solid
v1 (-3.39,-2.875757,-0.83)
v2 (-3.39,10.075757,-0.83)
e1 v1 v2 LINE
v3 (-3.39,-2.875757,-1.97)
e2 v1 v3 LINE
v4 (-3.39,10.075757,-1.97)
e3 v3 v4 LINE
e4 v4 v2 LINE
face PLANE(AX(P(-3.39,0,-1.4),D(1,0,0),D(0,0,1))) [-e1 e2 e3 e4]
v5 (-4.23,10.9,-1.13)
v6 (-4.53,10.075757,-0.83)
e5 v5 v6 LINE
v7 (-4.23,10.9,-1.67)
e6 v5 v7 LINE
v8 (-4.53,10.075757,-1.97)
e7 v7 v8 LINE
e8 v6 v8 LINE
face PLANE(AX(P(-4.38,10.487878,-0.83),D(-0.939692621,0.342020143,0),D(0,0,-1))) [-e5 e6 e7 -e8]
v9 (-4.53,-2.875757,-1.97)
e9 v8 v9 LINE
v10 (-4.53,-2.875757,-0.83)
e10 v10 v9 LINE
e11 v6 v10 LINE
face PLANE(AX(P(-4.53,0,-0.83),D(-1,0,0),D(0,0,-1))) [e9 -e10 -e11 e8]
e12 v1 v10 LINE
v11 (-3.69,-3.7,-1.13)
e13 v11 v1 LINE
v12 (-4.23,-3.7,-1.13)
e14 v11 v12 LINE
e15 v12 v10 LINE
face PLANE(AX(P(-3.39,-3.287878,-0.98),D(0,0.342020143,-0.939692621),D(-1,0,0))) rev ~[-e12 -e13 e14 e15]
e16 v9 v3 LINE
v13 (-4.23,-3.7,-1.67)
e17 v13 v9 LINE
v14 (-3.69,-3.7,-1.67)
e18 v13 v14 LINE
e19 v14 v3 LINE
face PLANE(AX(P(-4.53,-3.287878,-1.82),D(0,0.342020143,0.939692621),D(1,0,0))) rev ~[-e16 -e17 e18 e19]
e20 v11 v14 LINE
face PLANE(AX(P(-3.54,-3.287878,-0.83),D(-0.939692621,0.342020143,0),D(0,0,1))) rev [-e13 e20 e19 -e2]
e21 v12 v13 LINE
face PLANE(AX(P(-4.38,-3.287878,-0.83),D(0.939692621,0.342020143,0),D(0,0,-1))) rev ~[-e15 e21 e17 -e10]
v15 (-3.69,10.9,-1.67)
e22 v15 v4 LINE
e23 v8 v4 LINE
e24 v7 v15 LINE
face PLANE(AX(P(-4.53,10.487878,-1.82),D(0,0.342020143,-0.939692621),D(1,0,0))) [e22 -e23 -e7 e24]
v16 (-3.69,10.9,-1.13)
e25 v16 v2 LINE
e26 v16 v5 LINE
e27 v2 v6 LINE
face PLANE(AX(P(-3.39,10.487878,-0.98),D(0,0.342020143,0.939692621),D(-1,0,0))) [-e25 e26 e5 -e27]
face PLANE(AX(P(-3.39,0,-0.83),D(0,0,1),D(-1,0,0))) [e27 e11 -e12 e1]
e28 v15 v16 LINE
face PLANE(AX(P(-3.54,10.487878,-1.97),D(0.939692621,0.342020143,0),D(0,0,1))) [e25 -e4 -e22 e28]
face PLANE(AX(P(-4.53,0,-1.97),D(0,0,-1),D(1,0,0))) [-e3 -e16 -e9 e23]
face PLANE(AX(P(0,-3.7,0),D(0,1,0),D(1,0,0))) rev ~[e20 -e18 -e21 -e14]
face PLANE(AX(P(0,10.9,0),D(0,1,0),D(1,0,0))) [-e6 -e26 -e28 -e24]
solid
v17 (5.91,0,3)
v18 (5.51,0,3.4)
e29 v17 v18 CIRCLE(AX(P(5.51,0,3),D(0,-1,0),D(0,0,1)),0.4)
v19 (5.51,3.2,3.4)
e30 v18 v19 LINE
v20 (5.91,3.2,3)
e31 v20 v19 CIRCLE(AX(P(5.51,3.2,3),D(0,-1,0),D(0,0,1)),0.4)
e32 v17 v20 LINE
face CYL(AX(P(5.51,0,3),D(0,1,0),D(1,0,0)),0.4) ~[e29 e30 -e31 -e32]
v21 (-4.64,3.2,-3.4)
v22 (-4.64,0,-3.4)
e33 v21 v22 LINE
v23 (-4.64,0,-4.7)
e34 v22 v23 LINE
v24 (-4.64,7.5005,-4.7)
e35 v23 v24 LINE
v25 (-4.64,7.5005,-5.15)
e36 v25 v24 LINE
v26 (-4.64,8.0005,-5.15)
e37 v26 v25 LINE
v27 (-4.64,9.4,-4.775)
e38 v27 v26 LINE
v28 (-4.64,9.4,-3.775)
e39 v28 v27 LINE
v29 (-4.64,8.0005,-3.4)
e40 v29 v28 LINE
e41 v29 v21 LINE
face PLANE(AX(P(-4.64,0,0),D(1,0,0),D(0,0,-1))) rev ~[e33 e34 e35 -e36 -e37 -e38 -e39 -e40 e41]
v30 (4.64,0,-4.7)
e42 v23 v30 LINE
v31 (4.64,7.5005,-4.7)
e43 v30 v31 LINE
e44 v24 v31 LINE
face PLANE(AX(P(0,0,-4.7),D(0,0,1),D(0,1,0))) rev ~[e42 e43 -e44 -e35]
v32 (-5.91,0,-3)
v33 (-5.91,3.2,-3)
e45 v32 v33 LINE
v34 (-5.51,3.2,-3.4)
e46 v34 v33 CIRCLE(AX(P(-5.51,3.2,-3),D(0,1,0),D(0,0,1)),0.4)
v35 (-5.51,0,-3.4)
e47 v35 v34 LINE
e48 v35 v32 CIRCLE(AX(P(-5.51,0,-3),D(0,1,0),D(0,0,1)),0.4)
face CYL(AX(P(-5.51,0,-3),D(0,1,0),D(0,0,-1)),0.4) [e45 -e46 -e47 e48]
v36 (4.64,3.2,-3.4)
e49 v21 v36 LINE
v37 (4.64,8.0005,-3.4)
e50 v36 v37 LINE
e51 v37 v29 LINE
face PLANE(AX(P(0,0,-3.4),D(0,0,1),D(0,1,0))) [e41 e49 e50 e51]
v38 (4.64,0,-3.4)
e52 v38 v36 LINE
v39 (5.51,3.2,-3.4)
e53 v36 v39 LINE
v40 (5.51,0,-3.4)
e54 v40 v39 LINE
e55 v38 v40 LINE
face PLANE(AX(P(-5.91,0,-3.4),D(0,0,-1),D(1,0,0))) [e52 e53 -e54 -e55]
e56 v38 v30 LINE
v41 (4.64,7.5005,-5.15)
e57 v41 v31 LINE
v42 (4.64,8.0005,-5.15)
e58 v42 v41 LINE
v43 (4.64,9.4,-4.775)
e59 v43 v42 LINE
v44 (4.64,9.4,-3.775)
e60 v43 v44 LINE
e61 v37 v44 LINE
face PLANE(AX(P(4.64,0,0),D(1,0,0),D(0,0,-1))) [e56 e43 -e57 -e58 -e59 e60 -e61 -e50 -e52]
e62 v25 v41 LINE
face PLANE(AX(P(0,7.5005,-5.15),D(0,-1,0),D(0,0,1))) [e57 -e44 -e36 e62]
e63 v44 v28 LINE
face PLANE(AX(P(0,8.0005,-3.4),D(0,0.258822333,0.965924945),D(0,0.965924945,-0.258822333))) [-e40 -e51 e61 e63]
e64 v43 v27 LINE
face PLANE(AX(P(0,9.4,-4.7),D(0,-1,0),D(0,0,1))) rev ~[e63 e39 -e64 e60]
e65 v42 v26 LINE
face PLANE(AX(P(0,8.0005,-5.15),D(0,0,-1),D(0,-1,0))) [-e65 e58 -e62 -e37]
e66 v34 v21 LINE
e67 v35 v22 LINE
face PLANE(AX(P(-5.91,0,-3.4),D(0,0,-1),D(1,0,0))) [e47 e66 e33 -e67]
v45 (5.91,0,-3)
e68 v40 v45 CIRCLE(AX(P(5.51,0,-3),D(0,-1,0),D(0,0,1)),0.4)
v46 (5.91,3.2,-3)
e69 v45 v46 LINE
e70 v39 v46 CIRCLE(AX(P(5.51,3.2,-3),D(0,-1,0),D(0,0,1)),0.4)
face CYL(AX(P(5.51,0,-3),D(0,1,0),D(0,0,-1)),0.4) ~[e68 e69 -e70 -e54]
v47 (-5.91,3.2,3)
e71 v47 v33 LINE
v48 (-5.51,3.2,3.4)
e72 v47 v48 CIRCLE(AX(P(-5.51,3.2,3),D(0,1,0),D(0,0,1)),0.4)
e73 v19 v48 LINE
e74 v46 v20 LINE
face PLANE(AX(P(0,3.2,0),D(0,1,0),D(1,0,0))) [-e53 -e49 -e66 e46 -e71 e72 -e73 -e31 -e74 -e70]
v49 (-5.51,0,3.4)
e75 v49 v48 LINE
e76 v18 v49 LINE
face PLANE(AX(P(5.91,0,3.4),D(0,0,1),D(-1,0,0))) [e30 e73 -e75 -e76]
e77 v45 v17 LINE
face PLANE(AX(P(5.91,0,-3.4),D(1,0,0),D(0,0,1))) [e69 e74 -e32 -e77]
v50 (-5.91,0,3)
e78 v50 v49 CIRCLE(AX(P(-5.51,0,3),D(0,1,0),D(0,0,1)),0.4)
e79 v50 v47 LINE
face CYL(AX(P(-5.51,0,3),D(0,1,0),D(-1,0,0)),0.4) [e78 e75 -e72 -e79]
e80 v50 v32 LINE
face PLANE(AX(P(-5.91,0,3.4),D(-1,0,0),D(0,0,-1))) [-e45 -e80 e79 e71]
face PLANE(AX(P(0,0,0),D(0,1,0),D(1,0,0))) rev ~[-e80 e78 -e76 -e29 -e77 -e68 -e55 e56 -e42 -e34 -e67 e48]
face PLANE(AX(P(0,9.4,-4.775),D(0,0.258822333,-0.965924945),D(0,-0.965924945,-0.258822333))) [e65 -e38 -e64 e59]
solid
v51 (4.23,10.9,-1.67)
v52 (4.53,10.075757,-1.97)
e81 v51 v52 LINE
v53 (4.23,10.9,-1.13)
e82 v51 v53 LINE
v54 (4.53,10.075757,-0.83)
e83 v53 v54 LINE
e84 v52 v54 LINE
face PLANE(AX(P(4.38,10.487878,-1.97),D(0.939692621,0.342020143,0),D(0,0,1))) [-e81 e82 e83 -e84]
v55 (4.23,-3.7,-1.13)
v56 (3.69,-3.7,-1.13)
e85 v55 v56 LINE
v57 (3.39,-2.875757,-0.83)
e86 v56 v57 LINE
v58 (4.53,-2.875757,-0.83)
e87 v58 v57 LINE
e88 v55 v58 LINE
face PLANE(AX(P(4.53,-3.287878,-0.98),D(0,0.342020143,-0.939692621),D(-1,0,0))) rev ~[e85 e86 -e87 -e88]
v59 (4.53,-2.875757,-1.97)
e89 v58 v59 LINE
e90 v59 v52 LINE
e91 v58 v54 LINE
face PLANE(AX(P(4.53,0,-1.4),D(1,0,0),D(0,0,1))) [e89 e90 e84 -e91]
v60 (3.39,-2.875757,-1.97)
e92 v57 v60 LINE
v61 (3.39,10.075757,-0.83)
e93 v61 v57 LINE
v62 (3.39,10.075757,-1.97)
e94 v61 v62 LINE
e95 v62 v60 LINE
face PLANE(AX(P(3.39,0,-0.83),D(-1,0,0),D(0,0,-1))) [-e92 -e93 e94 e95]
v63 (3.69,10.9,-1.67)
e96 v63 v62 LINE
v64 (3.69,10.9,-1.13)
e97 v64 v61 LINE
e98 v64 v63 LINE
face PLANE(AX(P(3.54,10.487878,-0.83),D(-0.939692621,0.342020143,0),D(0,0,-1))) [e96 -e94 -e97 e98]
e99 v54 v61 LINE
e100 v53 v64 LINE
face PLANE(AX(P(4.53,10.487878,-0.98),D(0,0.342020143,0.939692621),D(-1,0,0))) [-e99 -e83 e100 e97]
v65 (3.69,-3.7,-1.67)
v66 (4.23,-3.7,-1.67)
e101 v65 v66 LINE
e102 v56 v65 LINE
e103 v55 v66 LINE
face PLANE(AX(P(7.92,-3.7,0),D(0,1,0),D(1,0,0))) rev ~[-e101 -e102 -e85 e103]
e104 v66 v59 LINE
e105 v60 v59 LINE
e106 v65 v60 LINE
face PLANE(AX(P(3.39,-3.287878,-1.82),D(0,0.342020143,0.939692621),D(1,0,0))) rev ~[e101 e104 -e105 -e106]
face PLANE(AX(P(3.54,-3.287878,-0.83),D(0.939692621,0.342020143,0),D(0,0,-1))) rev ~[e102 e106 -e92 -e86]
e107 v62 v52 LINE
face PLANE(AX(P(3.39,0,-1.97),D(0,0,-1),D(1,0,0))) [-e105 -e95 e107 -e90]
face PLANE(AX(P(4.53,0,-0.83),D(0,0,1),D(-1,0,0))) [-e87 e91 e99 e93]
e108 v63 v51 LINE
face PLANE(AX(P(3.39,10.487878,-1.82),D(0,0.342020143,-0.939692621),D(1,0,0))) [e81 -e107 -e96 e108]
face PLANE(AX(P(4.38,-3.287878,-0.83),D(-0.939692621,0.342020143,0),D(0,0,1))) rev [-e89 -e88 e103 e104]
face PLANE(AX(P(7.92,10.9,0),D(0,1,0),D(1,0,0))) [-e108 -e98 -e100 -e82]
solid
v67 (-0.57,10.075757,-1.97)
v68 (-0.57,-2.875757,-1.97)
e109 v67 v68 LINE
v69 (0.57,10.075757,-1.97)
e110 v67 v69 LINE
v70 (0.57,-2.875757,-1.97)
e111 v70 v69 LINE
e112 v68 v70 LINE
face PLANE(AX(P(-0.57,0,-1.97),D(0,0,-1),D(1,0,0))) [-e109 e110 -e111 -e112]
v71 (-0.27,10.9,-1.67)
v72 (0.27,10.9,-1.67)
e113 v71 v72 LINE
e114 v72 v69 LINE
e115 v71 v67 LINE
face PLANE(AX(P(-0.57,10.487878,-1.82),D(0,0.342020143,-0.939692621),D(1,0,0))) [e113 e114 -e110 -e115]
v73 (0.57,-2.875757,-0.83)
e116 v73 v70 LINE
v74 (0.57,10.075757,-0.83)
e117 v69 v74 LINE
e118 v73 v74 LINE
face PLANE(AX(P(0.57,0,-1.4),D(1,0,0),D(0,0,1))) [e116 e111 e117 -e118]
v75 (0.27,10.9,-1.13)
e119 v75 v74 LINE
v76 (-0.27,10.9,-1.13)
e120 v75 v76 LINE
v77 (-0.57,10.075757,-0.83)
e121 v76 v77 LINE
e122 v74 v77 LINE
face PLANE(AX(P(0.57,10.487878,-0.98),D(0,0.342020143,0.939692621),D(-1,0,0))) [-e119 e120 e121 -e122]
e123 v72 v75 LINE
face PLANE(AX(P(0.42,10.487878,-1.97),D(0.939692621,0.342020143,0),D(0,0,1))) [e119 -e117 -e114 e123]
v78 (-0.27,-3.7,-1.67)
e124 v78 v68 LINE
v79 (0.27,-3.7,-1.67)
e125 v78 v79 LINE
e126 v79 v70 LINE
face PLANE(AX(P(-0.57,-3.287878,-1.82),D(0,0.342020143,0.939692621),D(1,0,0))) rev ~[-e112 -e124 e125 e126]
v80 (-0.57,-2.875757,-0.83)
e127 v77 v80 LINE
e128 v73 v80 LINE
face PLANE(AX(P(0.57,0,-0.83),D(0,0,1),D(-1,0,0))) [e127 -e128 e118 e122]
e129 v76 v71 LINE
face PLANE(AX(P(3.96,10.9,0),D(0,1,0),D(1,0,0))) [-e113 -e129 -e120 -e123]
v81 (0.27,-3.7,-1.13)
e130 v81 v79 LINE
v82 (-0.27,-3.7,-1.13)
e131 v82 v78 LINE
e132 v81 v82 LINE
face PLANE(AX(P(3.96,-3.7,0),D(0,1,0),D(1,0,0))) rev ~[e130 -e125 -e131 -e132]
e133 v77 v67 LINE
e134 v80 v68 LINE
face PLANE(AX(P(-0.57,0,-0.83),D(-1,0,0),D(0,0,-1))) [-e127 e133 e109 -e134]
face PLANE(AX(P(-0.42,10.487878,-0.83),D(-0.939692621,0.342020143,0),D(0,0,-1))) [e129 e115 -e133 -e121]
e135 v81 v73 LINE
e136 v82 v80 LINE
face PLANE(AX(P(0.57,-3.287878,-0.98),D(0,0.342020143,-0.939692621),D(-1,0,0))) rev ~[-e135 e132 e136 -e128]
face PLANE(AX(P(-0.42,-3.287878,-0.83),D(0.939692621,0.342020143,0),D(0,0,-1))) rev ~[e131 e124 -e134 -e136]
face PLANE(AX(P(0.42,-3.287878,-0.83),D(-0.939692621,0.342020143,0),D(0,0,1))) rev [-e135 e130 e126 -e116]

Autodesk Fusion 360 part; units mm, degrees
sketch "Skizze1" plane through (0, 0, 0) normal (0, 1, 0) x (1, 0, 0)
  line L0 (-5.91, 3.4) -> (5.91, 3.4)
  line L1 (5.91, 3.4) -> (5.91, -3.4)
  line L2 (5.91, -3.4) -> (-5.91, -3.4)
  line L3 (-5.91, -3.4) -> (-5.91, 3.4)
  line L4 (0, 3.4) -> (0, -3.4) construction
  dimension "d9" = 11.82
  dimension "d10" = 6.8
extrude "Extrusion1" add sketch "Skizze1" along normal blind 3.2 makes body 1
sketch "Skizze3" plane through (0, 0, 0) normal (1, 0, 0) x (0, 0, -1)
  line L0 (3.4, 0) -> (3.4, 3.2)
  line L1 (3.4, 0) -> (4.7, 0)
  line L2 (4.7, 0) -> (4.7, 9.4)
  line L3 (4.7, 9.4) -> (3.4, 9.4) construction
  line L4 (3.4, 9.4) -> (3.4, 0)
  line L5 (4.7, 9.4) -> (5.15, 9.4)
  line L6 (5.15, 9.4) -> (5.15, 0)
  line L7 (5.15, 0) -> (4.7, 0)
  line L8 (4.7, 0) -> (4.7, 9.4) construction
  line L9 (3.4, 8.0005) -> (3.775, 9.4)
  line L10 (4.775, 9.4) -> (5.15, 8.0005)
  line L11 (5.15, 7.5005) -> (4.7, 7.5005)
  line L12 (4.775, 9.4) -> (3.775, 9.4)
  line L13 (3.775, 9.4) -> (4.775, 9.4) construction
  line L14 (4.775, 9.4) -> (5.15, 9.4) construction
  line L15 (3.775, 9.4) -> (3.4, 9.4) construction
  line L16 (5.15, 9.4) -> (4.775, 9.4) construction
  line L17 (5.15, 8.0005) -> (5.15, 7.5005) construction
  line L18 (5.15, 7.5005) -> (5.15, 8.0005) construction
  line L19 (5.15, 9.4) -> (3.4, 9.4)
  line L20 (5.15, 0) -> (3.4, 0)
  dimension "d31" = 9.4
  dimension "d33" = 1.3
  dimension "d35" = 90
  dimension "d36" = 75
  dimension "d37" = 75
  dimension "d39" = 1
  dimension "d42" = 0.5
  dimension "d48" = 1.75
sketch "Skizze2" plane through (0, 0, 0) normal (0, 1, 0) x (1, 0, 0)
  line L0 (-3.39, 0.83) -> (-4.53, 0.83)
  line L1 (-4.53, 0.83) -> (-4.53, 1.97)
  line L2 (-4.53, 1.97) -> (-3.39, 1.97)
  line L3 (-3.39, 1.97) -> (-3.39, 0.83)
  line L4 (-5.91, 3.4) -> (5.91, 3.4)
  line L5 (5.91, 3.4) -> (5.91, -3.4)
  line L6 (5.91, -3.4) -> (-5.91, -3.4)
  line L7 (-5.91, -3.4) -> (-5.91, 3.4)
  line L8 (0, 3.4) -> (0, 1.4) construction
  line L9 (-3.39, 1.4) -> (-4.53, 1.4) construction
  line L10 (0, 1.4) -> (-3.96, 1.4)
  point P0 (-3.96, 1.4)
  dimension "d16" = 1.14
  dimension "d17" = 1.14
  dimension "d24" = 2
  dimension "d26" = 3.96
extrude "Extrusion3" add sketch "Skizze3" along normal mid plane 9.28 contours L0 L1 L2 L4 L9 L12 L19 L20 | L2 L5 L6 L10 L11 L12 L19 bodies 1
extrude "Extrusion2" add sketch "Skizze2" along normal blind 10.9 and the other way blind 3.7 separate body contours L0 L1 L2 L3 makes body 2
chamfer "Fase2" distance 0.3 angle 70 8 edges at (-3.96, 10.9, -0.83) (-3.39, 10.9, -1.4) (-3.96, 10.9, -1.97) (-4.53, 10.9, -1.4) (-3.39, -3.7, -1.4) (-3.96, -3.7, -0.83) (-4.53, -3.7, -1.4) (-3.96, -3.7, -1.97) measured on face at (-3.77, 10.9, -1.21) measured on face at (-3.77, 10.9, -1.21) measured on face at (-3.77, 10.9, -1.21) measured on face at (-3.77, 10.9, -1.21) measured on face at (-3.77, -3.7, -1.21) measured on face at (-3.77, -3.7, -1.21) measured on face at (-3.77, -3.7, -1.21) measured on face at (-3.77, -3.7, -1.21) on bodies 2
pattern_linear "R-Anordnung1" count 3 spacing 3.96 along (1, 0, 0) of bodies 2 makes body 3 at (0.57, 1.4414, -1.59) makes body 4 at (4.53, 1.4414, -1.59)
fillet "Abrundung1" radius 0.4 4 edges at (5.91, 1.6, -3.4) (5.91, 1.6, 3.4) (-5.91, 1.6, 3.4) (-5.91, 1.6, -3.4) on bodies 1
equation "n = 3" comment "Number of pins"
equation "P = 3.96 mm" comment "Pin pitch"
equation "B1 = A1 + ( 1.95 mm * 2 )" comment "Width of bottom plate"
equation "A1 = ( n - 1 ) * P" comment "Total width of all pins"
equation "C1 = 6.8 mm" comment "Height of bottom plate"
equation "H1 = 9.4 mm" comment "Height of latching plate"
equation "O1 = 2 mm" comment "Vertical offset pin-center to bottom plate border"
equation "d9 = B1"
equation "d10 = C1"
equation "D1 = 3.2 mm" comment "Total depth of bottom plate"
equation "Pw = 1.14 mm" comment "Width & height of square pin"
equation "d13 = D1"
equation "d16 = Pw"
equation "d17 = Pw"
equation "LPinTop = 7.7 mm + D1" comment "Length of the pin measured from the bottom plane to the top of the pin (away from PCB)"
equation "LPinBottom = 14.6 mm - LPinTop" comment "Length of the pin in bottom direction, measured from the bottom plane"
equation "d20 = LPinTop"
equation "d22 = LPinBottom"
equation "d24 = O1"
equation "Pin1XOffset = ( ( n - 1 ) * P ) / 2" comment "First pin X offset measured from the X axis"
equation "d26 = Pin1XOffset"
equation "d27 = n"
equation "d29 = P"
equation "d31 = H1"
equation "D2 = 1.3 mm" comment "(Measured) depth of latching plate (narrowest section)"
equation "d33 = D2"
equation "d35 = alpha"
equation "d36 = 90 deg - beta"
equation "d37 = 90 deg - beta"
equation "Wx1 = 1.0 mm" comment "(Measured) Width of the topmost part of the latching plate"
equation "Hx1 = 0.5 mm" comment "(Measured) Height of the latching surface facing away from the pins"
equation "alpha = 90 deg" comment "Angle of the latching surface. Shown by the datasheet as ~45°but real parts have 90°"
equation "d42 = Hx1"
equation "beta = 15 deg" comment "(Estimated) Latching plate tapering angle"
equation "WL1 = 1.27 mm" comment "(Measured) With of the section of the bottom plate where there is no latching plate per side)"
equation "d45 = B1 - ( WL1 * 2 )"
equation "Dlatch = 1.75 mm" comment "(Measured) Total depth of latching plate"
equation "d48 = Dlatch"
equation "d54 = delta"
equation "delta = 70 deg" comment "(Estimated) Taper angle of the pin top & bottoms"
